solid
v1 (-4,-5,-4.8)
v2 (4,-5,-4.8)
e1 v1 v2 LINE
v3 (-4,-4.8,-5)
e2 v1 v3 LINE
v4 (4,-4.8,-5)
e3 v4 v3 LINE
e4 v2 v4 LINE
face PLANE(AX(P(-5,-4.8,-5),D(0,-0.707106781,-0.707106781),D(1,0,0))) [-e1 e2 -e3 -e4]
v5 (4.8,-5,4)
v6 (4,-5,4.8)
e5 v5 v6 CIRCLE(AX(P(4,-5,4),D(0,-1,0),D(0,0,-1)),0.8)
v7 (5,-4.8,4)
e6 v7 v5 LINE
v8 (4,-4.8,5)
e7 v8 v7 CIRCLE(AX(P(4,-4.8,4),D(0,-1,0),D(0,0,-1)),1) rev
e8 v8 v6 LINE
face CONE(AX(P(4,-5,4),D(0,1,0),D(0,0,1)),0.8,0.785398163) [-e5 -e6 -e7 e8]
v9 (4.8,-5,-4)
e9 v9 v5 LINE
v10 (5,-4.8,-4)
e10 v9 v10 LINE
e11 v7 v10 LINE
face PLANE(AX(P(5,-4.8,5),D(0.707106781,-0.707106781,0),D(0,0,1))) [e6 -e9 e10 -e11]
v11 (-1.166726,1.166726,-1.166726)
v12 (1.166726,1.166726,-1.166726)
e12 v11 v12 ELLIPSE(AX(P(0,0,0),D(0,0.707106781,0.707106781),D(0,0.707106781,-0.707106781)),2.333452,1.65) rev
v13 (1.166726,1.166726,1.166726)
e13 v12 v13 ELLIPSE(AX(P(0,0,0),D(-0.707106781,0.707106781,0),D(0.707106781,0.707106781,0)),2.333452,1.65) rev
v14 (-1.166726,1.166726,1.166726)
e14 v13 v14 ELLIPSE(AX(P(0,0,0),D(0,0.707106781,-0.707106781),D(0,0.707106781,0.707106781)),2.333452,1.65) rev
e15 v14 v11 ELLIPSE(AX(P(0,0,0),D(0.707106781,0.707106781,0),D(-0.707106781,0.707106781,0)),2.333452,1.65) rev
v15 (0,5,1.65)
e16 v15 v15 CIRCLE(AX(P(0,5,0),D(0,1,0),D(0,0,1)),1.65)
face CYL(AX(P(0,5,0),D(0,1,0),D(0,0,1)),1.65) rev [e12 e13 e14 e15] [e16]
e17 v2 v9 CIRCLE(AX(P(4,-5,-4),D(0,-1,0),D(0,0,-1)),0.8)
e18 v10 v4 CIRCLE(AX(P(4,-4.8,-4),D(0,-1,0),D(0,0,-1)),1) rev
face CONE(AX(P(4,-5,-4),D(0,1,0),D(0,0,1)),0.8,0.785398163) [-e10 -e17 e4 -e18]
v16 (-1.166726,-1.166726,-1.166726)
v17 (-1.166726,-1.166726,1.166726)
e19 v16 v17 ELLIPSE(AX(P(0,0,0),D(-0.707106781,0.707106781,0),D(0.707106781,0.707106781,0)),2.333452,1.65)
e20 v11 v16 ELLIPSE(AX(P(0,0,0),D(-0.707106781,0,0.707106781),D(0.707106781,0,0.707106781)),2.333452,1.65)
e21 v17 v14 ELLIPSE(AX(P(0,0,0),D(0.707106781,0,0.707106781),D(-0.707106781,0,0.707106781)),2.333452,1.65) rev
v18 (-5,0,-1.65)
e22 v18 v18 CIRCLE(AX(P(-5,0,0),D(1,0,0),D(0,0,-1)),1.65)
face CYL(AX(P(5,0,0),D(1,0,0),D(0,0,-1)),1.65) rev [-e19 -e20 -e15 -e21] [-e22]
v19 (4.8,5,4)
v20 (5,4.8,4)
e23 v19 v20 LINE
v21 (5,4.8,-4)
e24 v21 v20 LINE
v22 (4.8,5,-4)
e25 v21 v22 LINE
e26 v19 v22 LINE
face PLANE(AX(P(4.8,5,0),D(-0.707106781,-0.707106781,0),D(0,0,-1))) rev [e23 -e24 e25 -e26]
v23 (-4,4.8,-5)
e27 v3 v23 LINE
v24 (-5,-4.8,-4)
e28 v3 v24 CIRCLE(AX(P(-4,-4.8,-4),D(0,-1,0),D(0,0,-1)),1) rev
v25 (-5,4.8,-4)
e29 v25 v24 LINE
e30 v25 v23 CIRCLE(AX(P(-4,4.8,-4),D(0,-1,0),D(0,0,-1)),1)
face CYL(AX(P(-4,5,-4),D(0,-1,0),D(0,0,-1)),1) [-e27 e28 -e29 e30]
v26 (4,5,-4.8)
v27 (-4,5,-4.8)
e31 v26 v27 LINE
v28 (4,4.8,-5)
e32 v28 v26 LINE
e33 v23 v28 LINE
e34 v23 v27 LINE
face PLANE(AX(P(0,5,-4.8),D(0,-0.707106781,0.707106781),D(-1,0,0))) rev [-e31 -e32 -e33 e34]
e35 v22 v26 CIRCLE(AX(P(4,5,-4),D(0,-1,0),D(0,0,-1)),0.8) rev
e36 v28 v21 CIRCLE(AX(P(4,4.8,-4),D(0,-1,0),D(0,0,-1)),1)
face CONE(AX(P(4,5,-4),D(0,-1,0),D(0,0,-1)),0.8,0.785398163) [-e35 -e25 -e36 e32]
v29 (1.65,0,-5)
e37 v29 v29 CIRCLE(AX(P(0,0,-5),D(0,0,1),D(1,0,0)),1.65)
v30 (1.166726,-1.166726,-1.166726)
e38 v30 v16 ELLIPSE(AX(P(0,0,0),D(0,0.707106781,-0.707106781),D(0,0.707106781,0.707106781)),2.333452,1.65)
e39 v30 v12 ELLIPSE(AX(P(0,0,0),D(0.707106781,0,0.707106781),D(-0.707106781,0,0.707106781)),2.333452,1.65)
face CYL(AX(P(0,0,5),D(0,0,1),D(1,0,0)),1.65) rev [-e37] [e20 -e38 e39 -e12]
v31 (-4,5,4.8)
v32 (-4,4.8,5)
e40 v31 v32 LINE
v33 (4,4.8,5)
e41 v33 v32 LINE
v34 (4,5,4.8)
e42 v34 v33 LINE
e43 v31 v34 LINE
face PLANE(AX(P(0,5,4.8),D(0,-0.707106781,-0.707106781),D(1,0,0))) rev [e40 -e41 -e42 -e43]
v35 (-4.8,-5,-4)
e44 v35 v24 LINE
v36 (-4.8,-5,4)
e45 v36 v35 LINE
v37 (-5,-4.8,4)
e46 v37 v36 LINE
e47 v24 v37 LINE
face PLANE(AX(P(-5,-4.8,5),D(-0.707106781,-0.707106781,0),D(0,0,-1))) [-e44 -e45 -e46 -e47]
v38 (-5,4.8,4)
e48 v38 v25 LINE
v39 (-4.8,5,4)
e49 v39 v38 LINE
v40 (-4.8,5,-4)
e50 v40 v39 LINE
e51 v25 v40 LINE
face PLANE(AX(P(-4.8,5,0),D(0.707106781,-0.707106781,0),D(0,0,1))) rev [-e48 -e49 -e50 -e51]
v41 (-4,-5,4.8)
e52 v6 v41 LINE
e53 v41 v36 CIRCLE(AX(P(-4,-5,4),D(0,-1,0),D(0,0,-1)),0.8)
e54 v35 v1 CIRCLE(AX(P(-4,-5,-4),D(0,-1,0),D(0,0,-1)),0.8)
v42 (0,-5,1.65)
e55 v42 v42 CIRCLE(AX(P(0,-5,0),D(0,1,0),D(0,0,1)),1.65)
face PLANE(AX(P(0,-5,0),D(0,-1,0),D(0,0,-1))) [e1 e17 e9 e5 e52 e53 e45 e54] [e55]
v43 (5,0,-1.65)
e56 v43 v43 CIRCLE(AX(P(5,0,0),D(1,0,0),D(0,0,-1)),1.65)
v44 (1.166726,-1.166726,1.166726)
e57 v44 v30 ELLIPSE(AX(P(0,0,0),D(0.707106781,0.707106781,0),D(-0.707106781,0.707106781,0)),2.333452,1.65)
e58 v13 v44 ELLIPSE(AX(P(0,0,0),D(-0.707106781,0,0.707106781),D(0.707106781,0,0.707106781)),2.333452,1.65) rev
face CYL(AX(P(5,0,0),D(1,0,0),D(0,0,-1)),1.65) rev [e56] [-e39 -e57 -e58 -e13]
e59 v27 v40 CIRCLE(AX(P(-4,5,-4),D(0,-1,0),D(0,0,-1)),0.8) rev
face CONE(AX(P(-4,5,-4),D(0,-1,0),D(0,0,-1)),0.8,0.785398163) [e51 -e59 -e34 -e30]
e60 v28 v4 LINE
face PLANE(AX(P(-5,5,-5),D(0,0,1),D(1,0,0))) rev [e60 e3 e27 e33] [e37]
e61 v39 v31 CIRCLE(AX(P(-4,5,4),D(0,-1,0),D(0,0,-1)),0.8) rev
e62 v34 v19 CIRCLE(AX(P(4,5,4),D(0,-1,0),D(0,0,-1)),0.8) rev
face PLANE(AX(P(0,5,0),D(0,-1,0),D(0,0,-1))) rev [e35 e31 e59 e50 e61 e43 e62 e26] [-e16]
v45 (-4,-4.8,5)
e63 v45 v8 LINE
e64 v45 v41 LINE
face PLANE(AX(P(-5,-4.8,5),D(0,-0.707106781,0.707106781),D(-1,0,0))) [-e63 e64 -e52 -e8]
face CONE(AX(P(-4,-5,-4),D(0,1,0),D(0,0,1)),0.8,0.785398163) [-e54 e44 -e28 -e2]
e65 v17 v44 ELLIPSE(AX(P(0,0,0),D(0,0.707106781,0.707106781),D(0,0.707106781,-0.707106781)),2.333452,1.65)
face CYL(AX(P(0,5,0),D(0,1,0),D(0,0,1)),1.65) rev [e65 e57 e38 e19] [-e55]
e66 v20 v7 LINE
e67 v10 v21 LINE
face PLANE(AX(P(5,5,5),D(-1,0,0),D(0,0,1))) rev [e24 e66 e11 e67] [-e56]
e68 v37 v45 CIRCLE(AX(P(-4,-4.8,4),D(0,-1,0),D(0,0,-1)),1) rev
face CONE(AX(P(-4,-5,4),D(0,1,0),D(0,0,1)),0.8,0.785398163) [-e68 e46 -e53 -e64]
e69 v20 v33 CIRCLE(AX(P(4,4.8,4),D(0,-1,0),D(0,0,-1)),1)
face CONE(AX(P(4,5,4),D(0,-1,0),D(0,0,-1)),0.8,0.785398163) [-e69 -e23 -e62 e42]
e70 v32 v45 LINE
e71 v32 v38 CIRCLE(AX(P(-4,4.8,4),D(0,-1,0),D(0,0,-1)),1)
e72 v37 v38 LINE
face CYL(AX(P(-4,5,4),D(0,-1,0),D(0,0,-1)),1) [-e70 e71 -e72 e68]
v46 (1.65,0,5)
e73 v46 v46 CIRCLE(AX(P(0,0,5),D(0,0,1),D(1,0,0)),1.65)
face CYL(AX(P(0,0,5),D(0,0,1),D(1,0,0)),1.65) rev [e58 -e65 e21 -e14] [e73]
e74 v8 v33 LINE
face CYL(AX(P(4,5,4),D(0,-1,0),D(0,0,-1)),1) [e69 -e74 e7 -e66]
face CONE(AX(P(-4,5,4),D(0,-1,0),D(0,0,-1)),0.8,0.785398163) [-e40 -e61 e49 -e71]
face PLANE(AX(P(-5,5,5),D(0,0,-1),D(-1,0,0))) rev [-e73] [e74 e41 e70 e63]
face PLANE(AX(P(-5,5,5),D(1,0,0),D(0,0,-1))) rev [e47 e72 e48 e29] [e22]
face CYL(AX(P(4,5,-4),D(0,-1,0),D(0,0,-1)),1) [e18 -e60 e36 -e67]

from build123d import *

# Parameters (mm, degrees)
SKETCH_1_W         = 10
SKETCH_1_H         = 10
EXTRUDE_1_DEPTH    = 5
HOLE_WIZARD_M4_1_D = 3.3
HOLE_WIZARD_M4_3_D = 3.3
HOLE_WIZARD_M4_2_D = 3.3
FILLET_1_R         = 1
CHAMFER_1_SIZE     = 0.2


with BuildPart() as part:
    # 草图1 → 凸台-拉伸1 (new, symmetric)
    with BuildSketch(Plane(origin=(0, 0, 0), x_dir=(1, 0, 0), z_dir=(0, 1, 0))):
        Rectangle(SKETCH_1_W, SKETCH_1_H)
    extrude(amount=EXTRUDE_1_DEPTH, both=True)

    # M4 螺纹孔1 (through all)
    with Locations(Plane(origin=(0, 5, 0), x_dir=(1, 0, 0), z_dir=(0, 1, 0))):
        with Locations((0, 0)):
            Hole(HOLE_WIZARD_M4_1_D / 2)

    # M4 螺纹孔3 (through all)
    with Locations(Plane.XY.offset(5)):
        with Locations((0, 0)):
            Hole(HOLE_WIZARD_M4_3_D / 2)

    # M4 螺纹孔2 (through all)
    with Locations(Plane(origin=(5, 0, 0), x_dir=(0, 0, -1), z_dir=(1, 0, 0))):
        with Locations((0, 0)):
            Hole(HOLE_WIZARD_M4_2_D / 2)

    # 圆角1
    fillet_1_edges = [part.edges().sort_by_distance(p)[0] for p in [
        (5, 0, 5),
        (-5, 0, 5),
        (-5, 0, -5),
        (5, 0, -5),
    ]]
    fillet(fillet_1_edges, radius=FILLET_1_R)

    # 倒角1
    chamfer_1_edges = [part.edges().sort_by_distance(p)[0] for p in [
        (0, -5, -5),
        (0, 5, -5),
        (5, -5, 0),
        (0, -5, 5),
        (-5, -5, 0),
        (-4.707106781, -5, -4.707106781),
        (-4.707106781, -5, 4.707106781),
        (4.707106781, -5, 4.707106781),
        (4.707106781, -5, -4.707106781),
        (5, 5, 0),
        (-5, 5, 0),
        (0, 5, 5),
        (-4.707106781, 5, -4.707106781),
        (-4.707106781, 5, 4.707106781),
        (4.707106781, 5, 4.707106781),
        (4.707106781, 5, -4.707106781),
    ]]
    chamfer(chamfer_1_edges, length=CHAMFER_1_SIZE)


solid = part.part
